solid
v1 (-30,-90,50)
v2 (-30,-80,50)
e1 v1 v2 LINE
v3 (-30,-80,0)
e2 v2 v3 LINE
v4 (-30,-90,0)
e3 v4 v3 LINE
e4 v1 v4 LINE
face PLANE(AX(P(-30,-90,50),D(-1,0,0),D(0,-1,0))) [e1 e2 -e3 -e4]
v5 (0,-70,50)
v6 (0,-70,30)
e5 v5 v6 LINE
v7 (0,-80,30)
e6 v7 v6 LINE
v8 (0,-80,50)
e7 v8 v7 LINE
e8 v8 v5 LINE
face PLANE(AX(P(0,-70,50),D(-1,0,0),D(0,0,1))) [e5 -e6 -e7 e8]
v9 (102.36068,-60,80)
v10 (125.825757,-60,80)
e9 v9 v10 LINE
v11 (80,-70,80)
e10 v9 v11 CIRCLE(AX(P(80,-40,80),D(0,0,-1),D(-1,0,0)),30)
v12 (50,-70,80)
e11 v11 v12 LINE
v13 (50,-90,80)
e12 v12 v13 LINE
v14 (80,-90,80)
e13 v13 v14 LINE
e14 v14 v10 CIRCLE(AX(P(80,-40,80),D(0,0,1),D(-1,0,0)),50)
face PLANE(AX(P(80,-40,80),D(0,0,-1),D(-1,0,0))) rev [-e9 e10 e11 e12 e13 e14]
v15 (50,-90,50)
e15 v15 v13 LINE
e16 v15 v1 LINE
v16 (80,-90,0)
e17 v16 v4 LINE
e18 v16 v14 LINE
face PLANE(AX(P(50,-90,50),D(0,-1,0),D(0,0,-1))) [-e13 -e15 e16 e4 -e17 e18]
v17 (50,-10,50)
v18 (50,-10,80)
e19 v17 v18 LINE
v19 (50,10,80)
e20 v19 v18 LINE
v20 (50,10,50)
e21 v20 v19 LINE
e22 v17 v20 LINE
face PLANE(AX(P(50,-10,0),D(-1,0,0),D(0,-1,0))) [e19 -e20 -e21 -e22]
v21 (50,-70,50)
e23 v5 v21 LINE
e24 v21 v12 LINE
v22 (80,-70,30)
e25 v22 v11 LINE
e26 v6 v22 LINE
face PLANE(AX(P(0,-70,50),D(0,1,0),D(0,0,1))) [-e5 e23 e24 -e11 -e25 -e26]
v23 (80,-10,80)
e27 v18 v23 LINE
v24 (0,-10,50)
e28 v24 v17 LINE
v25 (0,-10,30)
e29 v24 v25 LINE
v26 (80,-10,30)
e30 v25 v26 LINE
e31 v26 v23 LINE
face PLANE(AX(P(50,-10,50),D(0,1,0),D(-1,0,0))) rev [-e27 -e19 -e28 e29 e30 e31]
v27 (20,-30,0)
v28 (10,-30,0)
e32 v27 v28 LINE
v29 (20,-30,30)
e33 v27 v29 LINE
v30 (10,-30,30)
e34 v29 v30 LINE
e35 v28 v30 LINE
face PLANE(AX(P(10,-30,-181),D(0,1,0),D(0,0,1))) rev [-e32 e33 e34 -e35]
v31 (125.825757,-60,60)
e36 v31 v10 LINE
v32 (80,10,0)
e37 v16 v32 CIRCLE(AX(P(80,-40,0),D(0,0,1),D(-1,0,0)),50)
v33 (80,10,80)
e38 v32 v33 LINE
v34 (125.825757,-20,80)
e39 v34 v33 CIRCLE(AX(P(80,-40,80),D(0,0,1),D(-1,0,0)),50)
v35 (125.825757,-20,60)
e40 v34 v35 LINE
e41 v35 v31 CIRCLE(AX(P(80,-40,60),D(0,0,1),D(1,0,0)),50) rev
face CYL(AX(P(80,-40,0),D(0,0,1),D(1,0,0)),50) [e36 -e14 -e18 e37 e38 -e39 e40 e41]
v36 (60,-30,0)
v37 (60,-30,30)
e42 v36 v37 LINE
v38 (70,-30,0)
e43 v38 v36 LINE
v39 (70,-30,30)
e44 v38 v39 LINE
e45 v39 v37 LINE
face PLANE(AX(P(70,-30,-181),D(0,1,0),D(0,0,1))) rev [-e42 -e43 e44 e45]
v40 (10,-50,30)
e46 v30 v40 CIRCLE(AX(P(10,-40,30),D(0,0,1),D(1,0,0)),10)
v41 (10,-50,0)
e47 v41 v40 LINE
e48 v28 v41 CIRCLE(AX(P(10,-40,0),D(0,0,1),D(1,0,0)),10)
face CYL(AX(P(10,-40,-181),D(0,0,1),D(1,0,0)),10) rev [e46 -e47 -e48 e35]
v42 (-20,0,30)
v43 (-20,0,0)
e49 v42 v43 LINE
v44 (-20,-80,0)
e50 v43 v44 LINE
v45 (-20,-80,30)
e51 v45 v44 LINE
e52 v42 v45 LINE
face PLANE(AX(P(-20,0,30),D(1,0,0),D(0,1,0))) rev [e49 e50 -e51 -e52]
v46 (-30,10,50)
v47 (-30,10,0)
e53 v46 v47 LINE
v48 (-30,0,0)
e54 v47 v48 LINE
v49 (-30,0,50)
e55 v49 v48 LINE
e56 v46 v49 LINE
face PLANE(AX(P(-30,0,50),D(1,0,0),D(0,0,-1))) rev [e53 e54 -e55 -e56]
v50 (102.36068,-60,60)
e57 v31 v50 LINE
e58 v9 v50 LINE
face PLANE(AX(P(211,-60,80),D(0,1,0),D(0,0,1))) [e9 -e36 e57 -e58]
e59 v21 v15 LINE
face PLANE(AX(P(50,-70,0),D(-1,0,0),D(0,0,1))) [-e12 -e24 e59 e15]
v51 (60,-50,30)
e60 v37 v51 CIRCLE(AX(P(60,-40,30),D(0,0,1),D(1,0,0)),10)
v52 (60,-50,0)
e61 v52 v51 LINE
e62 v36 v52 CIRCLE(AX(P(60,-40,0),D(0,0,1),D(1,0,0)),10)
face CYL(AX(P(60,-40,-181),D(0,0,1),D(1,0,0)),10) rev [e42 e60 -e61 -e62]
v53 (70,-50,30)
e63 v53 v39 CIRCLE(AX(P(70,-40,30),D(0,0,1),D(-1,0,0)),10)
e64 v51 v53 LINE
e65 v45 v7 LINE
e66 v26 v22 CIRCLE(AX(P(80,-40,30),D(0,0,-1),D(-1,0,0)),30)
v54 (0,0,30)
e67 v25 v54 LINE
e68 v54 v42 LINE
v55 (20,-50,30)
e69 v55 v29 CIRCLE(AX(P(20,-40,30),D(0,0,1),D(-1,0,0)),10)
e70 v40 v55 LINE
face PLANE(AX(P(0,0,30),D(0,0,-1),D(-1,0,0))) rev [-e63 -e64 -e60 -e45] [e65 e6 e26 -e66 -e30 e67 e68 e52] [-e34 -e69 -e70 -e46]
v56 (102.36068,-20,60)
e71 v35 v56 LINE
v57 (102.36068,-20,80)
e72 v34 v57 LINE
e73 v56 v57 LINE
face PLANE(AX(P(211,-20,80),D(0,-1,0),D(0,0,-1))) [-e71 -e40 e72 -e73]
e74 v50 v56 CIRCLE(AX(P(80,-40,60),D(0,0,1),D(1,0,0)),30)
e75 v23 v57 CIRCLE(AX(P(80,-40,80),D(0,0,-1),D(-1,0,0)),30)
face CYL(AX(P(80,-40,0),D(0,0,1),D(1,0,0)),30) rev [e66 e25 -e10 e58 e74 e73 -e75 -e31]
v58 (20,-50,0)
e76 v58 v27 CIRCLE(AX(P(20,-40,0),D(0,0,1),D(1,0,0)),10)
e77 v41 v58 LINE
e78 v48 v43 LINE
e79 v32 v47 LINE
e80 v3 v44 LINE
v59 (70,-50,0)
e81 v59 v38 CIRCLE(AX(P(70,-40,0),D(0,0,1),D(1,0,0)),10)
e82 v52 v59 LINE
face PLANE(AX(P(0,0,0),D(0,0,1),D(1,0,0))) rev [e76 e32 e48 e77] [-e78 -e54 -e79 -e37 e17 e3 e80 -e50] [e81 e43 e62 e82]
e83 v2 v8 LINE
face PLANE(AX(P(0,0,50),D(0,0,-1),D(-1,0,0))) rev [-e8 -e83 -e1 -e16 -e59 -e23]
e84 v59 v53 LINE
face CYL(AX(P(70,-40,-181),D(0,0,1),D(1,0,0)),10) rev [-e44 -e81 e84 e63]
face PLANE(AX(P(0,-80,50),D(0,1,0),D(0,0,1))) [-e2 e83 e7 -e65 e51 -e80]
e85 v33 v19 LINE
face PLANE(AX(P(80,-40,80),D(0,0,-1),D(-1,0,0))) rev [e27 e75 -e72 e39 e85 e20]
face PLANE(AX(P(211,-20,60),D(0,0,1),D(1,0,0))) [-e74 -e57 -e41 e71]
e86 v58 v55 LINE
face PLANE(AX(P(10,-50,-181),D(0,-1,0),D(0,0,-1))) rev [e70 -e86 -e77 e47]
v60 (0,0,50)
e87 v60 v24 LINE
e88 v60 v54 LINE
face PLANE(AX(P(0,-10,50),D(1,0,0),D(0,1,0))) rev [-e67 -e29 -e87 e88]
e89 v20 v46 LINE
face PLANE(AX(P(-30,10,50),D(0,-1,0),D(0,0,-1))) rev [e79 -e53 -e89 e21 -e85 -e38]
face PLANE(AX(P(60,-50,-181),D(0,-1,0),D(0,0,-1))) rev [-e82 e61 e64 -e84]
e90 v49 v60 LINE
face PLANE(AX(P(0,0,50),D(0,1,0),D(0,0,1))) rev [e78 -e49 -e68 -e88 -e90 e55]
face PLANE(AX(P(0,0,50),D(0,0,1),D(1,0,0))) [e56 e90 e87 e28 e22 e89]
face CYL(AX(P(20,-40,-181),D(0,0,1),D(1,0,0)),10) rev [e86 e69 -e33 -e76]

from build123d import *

# Parameters (mm, degrees)
BOSS_EXTRUDE1_DEPTH      = 50
BOSS_EXTRUDE2_DEPTH      = 30
BOSS_EXTRUDE3_DEPTH      = 50
BOSS_EXTRUDE7_DEPTH      = 50
BOSS_EXTRUDE7_DEPTH_BACK = 30
SKETCH5_W                = 20
SKETCH5_H                = 40
CUT_EXTRUDE1_DEPTH       = 211
CUT_EXTRUDE2_DEPTH       = 211
CUT_EXTRUDE3_DEPTH       = 211


with BuildPart() as part:
    # Sketch1 → Boss-Extrude1 (new body)
    with BuildSketch(Plane.XY):
        Polygon((0, 0), (-30, 0), (-30, 10), (50, 10), (50, -10), (0, -10), align=None)
    extrude(amount=BOSS_EXTRUDE1_DEPTH)

    # Sketch2 → Boss-Extrude2 (add)
    with BuildSketch(Plane(origin=(0, 0, 0), x_dir=(-1, 0, 0), z_dir=(0, 0, -1))):
        with BuildLine():
            Line((0, 0), (0, -10))
            Line((0, -10), (-50, -10))
            Line((-50, -10), (-80, -10))
            ThreePointArc((-80, -10), (-110, -40), (-80, -70))
            Line((-80, -70), (0, -70))
            Line((0, -70), (0, -80))
            Line((0, -80), (20, -80))
            Line((20, -80), (20, 0))
            Line((20, 0), (0, 0))
        make_face()
    extrude(amount=-BOSS_EXTRUDE2_DEPTH)

    # Sketch3 → Boss-Extrude3 (add)
    with BuildSketch(Plane(origin=(0, 0, 0), x_dir=(-1, 0, 0), z_dir=(0, 0, -1))):
        Polygon((0, -70), (0, -80), (30, -80), (30, -90), (-50, -90), (-50, -70), align=None)
    extrude(amount=-BOSS_EXTRUDE3_DEPTH)

    # Sketch4 → Boss-Extrude7 (add, two sides)
    with BuildSketch(Plane.XY.offset(30)) as boss_extrude7_sk:
        with BuildLine():
            Line((80, -90), (50, -90))
            Line((50, -90), (50, -70))
            Line((50, -70), (80, -70))
            ThreePointArc((80, -70), (110, -40), (80, -10))
            Line((80, -10), (50, -10))
            Line((50, -10), (50, 10))
            Line((50, 10), (80, 10))
            ThreePointArc((80, 10), (130, -40), (80, -90))
        make_face()
    extrude(amount=BOSS_EXTRUDE7_DEPTH)
    extrude(boss_extrude7_sk.sketch, amount=-BOSS_EXTRUDE7_DEPTH_BACK)

    # Sketch5 → Cut-Extrude1 (cut)
    with BuildSketch(Plane(origin=(0, 0, 0), x_dir=(0, 0, -1), z_dir=(1, 0, 0))):
        with Locations((-70, -40)):
            Rectangle(SKETCH5_W, SKETCH5_H)
    extrude(amount=CUT_EXTRUDE1_DEPTH, mode=Mode.SUBTRACT)

    # Sketch6 → Cut-Extrude2 (cut)
    with BuildSketch(Plane.XY.offset(30)):
        with BuildLine():
            Line((10, -30), (20, -30))
            ThreePointArc((20, -30), (30, -40), (20, -50))
            Line((20, -50), (10, -50))
            ThreePointArc((10, -50), (0, -40), (10, -30))
        make_face()
    extrude(amount=-CUT_EXTRUDE2_DEPTH, mode=Mode.SUBTRACT)

    # Sketch7 → Cut-Extrude3 (cut)
    with BuildSketch(Plane.XY.offset(30)):
        with BuildLine():
            Line((70, -30), (60, -30))
            ThreePointArc((60, -30), (50, -40), (60, -50))
            Line((60, -50), (70, -50))
            ThreePointArc((70, -50), (80, -40), (70, -30))
        make_face()
    extrude(amount=-CUT_EXTRUDE3_DEPTH, mode=Mode.SUBTRACT)


solid = part.part
